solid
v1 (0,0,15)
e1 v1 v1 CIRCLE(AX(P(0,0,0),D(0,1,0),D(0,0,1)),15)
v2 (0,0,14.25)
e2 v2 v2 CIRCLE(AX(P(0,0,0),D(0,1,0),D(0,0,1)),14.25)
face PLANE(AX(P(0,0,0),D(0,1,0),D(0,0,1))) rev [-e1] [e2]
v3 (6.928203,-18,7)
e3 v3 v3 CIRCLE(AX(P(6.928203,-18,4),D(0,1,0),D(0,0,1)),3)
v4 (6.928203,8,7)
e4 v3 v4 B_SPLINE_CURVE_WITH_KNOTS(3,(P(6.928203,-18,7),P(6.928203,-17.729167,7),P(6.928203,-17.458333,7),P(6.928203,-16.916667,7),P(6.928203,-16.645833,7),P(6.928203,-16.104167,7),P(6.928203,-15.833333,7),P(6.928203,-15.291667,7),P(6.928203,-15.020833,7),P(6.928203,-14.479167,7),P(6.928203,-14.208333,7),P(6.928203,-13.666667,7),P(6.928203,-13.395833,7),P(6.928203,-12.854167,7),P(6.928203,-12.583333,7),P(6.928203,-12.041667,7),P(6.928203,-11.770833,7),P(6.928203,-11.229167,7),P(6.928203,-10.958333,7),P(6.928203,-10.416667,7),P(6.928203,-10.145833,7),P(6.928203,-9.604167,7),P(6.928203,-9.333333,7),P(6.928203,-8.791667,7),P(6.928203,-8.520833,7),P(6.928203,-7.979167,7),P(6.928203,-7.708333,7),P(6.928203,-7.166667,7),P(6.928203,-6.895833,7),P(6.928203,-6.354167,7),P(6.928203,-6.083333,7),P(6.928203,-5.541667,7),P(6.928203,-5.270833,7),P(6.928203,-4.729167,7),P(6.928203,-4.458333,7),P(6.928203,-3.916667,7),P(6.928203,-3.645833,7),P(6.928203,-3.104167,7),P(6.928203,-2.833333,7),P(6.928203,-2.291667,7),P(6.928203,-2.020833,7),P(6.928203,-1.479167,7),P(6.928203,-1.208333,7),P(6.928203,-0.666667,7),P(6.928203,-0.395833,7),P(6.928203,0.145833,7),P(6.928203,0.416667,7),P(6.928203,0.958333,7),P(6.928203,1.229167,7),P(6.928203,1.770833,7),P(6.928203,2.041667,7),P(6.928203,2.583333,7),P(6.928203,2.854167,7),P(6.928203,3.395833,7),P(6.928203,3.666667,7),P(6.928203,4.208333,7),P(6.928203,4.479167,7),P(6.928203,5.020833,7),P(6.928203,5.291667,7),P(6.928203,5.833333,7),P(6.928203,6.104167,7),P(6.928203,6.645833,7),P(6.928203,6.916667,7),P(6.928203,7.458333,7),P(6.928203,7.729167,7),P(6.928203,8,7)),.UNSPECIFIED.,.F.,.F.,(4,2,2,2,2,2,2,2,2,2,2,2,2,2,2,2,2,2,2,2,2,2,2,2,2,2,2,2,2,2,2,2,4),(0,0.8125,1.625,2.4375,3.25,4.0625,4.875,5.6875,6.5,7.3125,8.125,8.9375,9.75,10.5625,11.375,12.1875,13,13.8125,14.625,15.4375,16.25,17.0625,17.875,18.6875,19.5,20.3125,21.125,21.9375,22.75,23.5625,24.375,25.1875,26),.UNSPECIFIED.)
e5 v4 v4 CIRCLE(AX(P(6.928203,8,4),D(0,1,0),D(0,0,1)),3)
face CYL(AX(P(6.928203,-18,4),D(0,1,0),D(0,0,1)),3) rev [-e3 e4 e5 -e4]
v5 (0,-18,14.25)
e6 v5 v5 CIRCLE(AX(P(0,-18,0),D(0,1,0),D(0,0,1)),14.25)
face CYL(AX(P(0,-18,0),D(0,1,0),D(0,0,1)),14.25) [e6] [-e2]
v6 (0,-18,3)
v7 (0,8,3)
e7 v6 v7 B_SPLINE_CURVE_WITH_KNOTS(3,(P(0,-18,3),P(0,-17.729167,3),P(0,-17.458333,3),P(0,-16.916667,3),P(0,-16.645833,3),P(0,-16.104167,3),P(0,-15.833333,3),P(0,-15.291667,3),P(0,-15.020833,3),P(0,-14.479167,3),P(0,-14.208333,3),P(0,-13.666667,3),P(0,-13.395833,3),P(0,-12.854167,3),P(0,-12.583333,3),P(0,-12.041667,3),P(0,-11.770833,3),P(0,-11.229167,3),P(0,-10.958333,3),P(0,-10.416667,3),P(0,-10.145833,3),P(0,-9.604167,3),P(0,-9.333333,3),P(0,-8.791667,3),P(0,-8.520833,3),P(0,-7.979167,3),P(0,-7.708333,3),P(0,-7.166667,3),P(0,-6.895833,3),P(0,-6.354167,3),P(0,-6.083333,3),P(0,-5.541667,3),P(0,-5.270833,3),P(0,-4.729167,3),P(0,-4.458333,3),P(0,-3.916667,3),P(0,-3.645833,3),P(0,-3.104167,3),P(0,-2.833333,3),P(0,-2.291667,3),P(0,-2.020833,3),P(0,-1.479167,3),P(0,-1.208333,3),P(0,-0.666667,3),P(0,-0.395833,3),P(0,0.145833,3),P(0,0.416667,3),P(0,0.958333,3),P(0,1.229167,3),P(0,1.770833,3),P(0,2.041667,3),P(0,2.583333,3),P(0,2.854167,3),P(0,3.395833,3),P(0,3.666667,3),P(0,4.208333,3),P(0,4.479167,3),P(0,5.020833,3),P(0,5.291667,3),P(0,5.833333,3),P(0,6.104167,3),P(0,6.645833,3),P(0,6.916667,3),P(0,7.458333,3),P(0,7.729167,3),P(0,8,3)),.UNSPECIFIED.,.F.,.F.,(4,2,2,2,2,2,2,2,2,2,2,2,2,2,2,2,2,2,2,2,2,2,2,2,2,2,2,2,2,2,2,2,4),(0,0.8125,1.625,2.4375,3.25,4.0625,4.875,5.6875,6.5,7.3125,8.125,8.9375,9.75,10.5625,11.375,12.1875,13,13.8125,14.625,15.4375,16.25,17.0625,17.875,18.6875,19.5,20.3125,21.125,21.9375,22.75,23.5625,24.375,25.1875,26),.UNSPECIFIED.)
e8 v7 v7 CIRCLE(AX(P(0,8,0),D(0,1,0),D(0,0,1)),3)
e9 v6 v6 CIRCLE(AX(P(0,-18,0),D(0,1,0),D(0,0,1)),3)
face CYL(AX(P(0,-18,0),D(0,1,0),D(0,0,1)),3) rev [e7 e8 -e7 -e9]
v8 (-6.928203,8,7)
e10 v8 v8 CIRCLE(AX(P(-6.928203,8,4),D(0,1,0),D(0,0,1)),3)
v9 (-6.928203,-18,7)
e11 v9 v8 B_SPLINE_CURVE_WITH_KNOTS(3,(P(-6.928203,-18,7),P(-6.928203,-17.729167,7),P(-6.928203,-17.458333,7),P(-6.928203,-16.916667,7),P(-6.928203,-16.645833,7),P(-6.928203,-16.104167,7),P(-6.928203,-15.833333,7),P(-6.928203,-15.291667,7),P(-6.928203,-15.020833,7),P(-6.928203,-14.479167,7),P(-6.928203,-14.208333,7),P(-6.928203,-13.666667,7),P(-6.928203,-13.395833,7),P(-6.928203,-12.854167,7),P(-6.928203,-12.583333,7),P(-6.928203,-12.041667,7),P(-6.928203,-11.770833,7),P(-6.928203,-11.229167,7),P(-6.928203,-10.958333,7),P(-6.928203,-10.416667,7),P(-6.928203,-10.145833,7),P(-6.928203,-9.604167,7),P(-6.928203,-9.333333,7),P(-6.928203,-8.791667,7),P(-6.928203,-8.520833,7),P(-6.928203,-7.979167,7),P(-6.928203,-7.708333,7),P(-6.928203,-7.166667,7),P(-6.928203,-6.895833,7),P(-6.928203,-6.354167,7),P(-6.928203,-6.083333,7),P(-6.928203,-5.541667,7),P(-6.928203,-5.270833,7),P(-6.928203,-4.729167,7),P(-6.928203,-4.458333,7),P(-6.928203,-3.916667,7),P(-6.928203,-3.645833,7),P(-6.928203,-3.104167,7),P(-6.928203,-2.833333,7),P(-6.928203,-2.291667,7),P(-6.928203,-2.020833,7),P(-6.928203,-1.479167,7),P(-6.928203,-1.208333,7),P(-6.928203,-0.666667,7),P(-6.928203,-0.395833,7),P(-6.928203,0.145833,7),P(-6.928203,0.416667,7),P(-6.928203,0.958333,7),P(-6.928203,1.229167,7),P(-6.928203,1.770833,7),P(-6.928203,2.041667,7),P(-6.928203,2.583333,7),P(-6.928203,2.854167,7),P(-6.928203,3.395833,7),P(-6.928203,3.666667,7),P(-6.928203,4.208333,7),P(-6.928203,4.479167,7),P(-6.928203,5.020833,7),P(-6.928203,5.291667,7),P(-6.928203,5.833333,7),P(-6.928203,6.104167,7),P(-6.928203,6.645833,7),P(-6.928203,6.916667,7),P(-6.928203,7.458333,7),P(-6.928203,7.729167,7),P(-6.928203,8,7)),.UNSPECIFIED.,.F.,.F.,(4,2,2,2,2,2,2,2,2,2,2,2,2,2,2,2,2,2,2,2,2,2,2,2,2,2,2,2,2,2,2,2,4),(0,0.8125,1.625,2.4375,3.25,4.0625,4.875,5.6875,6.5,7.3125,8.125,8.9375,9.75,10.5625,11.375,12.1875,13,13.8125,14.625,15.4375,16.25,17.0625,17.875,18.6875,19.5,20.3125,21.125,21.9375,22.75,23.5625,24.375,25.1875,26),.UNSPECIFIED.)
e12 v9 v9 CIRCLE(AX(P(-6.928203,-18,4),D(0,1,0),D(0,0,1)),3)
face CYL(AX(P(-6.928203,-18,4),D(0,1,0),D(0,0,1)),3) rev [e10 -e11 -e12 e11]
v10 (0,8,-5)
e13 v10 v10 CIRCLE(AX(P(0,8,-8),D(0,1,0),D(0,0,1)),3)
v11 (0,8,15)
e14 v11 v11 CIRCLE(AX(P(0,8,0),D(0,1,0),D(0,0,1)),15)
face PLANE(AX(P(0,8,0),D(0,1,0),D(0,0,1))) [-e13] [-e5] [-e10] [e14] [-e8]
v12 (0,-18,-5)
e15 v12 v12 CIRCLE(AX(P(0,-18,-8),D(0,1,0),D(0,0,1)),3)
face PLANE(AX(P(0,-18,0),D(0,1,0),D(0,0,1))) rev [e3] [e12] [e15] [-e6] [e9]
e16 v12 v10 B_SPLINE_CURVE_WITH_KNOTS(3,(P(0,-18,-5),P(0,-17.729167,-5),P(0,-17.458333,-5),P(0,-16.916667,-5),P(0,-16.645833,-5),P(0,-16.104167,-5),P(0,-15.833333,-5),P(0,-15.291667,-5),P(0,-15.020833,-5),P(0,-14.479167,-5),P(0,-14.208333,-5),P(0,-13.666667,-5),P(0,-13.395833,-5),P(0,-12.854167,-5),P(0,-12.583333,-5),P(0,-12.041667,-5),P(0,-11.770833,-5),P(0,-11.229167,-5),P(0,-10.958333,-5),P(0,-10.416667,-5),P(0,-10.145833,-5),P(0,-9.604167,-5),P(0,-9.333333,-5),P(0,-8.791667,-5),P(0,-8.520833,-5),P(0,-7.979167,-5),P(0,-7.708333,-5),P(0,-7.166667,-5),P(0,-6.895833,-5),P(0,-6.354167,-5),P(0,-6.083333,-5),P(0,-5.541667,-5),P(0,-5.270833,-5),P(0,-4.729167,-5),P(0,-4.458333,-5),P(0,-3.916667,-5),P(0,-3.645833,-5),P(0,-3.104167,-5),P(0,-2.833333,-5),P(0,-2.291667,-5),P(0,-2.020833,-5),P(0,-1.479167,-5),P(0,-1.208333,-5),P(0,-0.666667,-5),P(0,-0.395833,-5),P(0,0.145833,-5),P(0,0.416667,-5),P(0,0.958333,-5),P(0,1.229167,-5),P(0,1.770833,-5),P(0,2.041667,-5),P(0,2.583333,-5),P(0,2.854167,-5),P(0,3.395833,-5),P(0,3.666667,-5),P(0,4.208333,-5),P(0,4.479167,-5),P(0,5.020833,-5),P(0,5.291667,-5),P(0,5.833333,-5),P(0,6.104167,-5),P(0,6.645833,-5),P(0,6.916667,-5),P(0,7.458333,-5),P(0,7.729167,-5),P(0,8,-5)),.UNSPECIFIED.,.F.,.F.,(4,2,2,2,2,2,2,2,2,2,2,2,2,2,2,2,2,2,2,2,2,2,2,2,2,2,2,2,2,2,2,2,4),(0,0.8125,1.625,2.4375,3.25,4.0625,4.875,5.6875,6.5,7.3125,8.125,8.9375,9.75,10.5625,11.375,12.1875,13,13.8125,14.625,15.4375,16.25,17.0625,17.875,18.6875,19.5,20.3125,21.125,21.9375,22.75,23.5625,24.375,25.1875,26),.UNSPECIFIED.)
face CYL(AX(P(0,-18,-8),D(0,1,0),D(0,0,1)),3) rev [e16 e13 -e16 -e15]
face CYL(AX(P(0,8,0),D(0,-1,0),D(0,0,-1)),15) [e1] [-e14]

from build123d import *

# Parameters (mm, degrees)
SKETCH_1_R          = 15
EXTRUDE_1_DEPTH     = 8
SKETCH_1_3_R        = 14.25
EXTRUDE_2_DEPTH     = 18
SKETCH_2_R          = 3
CUT_EXTRUDE_1_DEPTH = 34.555923471


with BuildPart() as part:
    # 스케치1 → 보스-돌출1 (new body)
    with BuildSketch(Plane(origin=(0, 0, 0), x_dir=(1, 0, 0), z_dir=(0, 1, 0))):
        Circle(SKETCH_1_R)
    extrude(amount=EXTRUDE_1_DEPTH)

    # 스케치1<3> → 보스-돌출2 (add)
    with BuildSketch(Plane(origin=(0, 0, 0), x_dir=(1, 0, 0), z_dir=(0, 1, 0))):
        Circle(SKETCH_1_3_R)
    extrude(amount=-EXTRUDE_2_DEPTH)

    # 스케치2 → 컷-돌출1 (cut, through all)
    with BuildSketch(Plane(origin=(0, 8, 0), x_dir=(1, 0, 0), z_dir=(0, 1, 0))):
        with Locations((0, 8)):
            Circle(SKETCH_2_R)
        Circle(SKETCH_2_R)
        with Locations((6.92820323, -4)):
            Circle(SKETCH_2_R)
        with Locations((-6.92820323, -4)):
            Circle(SKETCH_2_R)
    extrude(amount=-CUT_EXTRUDE_1_DEPTH, mode=Mode.SUBTRACT)


solid = part.part
